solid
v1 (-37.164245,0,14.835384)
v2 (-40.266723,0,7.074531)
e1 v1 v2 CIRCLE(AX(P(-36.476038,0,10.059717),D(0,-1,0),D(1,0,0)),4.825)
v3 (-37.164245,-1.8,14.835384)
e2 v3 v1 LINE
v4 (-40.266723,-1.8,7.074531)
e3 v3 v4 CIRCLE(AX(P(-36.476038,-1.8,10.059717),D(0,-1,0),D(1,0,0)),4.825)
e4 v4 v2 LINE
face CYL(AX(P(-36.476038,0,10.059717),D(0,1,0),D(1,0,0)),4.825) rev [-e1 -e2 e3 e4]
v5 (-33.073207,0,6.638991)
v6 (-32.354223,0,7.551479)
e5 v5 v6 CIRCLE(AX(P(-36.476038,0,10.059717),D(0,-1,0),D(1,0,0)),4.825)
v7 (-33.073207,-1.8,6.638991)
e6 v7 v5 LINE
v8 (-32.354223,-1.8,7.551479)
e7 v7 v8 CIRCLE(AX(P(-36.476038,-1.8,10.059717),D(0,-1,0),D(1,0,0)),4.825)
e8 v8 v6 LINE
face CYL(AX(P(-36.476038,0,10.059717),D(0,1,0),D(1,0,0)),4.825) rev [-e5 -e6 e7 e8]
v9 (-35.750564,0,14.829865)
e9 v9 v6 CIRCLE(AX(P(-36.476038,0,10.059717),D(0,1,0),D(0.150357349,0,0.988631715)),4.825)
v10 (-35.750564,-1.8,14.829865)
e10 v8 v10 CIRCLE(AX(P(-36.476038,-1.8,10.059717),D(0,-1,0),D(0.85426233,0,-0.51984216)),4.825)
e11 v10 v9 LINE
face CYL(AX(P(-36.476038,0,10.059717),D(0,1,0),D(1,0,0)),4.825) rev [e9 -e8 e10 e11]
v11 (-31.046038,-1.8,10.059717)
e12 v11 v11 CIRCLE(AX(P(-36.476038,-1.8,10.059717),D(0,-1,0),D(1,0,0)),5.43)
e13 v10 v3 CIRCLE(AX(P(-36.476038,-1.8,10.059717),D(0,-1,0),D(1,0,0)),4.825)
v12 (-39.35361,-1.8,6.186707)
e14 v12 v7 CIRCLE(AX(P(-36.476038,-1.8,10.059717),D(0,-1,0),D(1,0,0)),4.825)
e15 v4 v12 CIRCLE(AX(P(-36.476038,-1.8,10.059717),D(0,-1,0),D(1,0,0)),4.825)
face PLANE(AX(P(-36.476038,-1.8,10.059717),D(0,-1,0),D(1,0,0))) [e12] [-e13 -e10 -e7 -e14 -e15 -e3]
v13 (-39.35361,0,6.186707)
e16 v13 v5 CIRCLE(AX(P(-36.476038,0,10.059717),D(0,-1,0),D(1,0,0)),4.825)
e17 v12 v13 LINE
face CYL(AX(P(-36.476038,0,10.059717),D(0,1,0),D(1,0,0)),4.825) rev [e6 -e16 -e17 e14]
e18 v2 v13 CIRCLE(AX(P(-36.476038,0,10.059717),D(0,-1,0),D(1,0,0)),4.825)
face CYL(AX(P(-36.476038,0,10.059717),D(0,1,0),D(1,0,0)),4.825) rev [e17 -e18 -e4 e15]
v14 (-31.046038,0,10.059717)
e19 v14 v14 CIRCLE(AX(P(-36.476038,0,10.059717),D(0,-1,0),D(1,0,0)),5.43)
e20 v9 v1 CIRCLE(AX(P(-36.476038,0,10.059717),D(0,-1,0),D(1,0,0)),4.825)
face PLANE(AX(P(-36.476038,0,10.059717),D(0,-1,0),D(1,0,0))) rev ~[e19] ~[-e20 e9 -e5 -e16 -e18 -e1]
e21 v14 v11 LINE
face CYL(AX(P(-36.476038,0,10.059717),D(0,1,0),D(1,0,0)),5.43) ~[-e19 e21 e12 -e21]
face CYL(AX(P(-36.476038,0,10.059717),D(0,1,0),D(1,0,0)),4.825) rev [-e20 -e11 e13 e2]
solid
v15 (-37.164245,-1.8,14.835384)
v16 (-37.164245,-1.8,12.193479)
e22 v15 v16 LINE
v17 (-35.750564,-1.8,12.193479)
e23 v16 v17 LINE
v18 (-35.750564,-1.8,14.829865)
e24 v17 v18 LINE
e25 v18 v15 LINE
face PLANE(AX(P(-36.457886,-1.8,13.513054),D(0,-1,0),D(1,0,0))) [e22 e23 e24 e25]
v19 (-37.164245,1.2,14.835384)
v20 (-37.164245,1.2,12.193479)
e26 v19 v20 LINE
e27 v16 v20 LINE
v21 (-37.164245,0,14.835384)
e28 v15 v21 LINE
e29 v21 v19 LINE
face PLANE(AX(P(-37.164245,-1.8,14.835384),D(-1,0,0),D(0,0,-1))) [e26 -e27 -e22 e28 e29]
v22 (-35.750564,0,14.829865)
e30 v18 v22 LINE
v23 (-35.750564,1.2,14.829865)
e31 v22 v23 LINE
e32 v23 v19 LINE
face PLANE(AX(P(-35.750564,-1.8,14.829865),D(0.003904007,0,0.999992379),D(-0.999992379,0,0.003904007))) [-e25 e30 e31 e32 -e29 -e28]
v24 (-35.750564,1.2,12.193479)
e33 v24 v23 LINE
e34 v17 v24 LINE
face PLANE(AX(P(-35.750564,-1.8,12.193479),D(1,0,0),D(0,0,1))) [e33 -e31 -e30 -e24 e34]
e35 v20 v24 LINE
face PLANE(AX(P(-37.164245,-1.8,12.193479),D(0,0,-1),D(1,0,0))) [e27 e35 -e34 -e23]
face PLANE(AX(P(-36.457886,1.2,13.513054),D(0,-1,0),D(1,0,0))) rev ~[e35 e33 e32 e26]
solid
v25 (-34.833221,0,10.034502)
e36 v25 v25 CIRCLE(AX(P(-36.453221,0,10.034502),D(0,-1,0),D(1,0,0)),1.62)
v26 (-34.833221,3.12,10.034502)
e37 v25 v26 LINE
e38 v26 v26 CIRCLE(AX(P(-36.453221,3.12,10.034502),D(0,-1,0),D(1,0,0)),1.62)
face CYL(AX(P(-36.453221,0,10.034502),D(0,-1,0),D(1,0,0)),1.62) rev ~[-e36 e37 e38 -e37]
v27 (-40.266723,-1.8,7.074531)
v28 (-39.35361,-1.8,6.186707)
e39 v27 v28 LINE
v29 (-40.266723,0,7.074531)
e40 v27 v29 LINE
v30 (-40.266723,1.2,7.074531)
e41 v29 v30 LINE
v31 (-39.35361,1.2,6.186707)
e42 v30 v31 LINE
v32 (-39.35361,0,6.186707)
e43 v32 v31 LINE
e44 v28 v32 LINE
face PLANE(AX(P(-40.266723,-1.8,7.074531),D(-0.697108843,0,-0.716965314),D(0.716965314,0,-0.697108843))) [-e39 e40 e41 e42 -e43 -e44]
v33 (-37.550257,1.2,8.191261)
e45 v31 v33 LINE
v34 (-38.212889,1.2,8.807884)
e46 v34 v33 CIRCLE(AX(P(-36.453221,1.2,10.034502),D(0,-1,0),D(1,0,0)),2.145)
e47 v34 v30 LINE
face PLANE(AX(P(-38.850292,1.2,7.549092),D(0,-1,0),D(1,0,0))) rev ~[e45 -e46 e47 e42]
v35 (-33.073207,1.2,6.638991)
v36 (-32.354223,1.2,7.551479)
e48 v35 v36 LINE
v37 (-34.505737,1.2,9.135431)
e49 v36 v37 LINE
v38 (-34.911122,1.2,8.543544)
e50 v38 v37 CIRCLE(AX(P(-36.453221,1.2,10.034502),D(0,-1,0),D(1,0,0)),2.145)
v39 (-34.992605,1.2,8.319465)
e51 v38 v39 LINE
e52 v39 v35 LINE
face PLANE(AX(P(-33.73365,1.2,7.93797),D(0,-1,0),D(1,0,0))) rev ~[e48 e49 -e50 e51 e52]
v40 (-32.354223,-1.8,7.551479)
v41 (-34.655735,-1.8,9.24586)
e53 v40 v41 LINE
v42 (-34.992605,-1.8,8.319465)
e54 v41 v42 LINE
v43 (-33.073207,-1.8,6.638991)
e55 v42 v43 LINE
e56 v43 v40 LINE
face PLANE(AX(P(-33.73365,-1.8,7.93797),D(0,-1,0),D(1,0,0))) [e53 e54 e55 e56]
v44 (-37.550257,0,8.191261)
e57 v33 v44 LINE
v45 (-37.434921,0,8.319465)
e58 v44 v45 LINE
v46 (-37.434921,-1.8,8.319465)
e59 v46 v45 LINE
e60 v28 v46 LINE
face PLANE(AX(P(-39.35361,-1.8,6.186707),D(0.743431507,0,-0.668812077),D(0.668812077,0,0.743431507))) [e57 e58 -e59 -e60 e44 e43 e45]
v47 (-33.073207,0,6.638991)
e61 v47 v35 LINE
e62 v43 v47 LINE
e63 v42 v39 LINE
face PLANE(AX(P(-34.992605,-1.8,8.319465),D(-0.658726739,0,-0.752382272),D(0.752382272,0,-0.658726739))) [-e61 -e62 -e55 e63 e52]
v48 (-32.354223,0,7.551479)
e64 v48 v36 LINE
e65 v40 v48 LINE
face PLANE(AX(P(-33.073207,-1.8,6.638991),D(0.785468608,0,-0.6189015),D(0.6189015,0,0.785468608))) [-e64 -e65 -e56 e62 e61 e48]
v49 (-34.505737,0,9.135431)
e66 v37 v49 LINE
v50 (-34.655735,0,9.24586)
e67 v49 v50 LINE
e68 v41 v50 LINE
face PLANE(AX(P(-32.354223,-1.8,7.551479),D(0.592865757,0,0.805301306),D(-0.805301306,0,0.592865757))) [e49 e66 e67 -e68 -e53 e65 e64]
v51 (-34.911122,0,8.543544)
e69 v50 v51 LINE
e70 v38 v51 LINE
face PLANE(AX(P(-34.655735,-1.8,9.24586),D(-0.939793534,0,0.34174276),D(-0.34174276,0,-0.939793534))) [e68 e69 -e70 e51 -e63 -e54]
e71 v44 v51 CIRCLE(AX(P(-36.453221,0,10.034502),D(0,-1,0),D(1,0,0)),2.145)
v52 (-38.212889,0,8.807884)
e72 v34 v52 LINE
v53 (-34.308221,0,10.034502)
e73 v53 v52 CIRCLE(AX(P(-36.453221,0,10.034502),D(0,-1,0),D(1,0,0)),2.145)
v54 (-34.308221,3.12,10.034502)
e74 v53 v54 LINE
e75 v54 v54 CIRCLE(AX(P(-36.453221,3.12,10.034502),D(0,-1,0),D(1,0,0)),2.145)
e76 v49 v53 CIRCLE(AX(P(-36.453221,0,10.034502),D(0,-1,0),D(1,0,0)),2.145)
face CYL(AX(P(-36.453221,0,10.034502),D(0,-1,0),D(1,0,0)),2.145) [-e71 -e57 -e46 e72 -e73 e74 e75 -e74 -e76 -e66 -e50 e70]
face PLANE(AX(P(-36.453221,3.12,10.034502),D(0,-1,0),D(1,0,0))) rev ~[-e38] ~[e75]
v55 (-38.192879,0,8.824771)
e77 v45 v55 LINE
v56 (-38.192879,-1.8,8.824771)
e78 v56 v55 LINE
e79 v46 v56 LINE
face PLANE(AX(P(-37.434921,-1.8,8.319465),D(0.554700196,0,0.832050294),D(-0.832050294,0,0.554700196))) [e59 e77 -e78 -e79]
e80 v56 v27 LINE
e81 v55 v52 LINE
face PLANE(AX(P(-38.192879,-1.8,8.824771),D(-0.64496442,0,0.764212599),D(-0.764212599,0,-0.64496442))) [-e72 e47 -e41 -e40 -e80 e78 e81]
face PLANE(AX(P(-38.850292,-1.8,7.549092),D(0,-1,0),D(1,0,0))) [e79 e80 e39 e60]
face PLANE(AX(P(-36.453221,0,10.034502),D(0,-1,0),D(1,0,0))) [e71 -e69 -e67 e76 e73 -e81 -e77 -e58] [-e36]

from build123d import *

# Parameters (mm, degrees)
F0_R     = 2.145
F0_R_2   = 1.62
F1_DEPTH = 3.12
F2_R     = 5.43
F2_R_2   = 4.825
F3_DEPTH = 1.8
F5_DEPTH = 3


with BuildPart() as f1:
    # F0 (on Front) → F1 (new body)
    with BuildSketch(Plane.XZ):
        with Locations((-36.4532209933, 10.0345024839)):
            Circle(F0_R)
        with Locations((-36.4532209933, 10.0345024839)):
            Circle(F0_R_2, mode=Mode.SUBTRACT)
    extrude(amount=-F1_DEPTH)



with BuildPart() as f3:
    # F2 (on Front) → F3 (new body)
    with BuildSketch(Plane.XZ):
        with Locations((-36.4760383964, 10.0597171113)):
            Circle(F2_R)
        with Locations((-36.4760383964, 10.0597171113)):
            Circle(F2_R_2, mode=Mode.SUBTRACT)
    extrude(amount=F3_DEPTH)


with BuildPart() as f1_1:
    add(f1.part)

    add(f3.part)  # F5 merges F3
    # F4 (on face) → F5 (join)
    with BuildSketch(Plane.XZ.offset(1.8)):
        Polygon((-35.7505641878, 14.8298651355), (-37.1642453892, 14.8353841993), (-37.1642453892, 12.1934785749), (-35.7505641878, 12.1934785749), align=None)
        Polygon((-38.1928794086, 8.8247712702), (-40.2667231384, 7.0745313237), (-39.3536103606, 6.1867073527), (-37.4349206686, 8.3194654435), align=None)
        Polygon((-32.3542226545, 7.5514786876), (-34.6557348967, 9.2458603904), (-34.9926054478, 8.3194654435), (-33.0732072129, 6.6389913203), align=None)
    extrude(amount=-F5_DEPTH)


solid = f1_1.part
